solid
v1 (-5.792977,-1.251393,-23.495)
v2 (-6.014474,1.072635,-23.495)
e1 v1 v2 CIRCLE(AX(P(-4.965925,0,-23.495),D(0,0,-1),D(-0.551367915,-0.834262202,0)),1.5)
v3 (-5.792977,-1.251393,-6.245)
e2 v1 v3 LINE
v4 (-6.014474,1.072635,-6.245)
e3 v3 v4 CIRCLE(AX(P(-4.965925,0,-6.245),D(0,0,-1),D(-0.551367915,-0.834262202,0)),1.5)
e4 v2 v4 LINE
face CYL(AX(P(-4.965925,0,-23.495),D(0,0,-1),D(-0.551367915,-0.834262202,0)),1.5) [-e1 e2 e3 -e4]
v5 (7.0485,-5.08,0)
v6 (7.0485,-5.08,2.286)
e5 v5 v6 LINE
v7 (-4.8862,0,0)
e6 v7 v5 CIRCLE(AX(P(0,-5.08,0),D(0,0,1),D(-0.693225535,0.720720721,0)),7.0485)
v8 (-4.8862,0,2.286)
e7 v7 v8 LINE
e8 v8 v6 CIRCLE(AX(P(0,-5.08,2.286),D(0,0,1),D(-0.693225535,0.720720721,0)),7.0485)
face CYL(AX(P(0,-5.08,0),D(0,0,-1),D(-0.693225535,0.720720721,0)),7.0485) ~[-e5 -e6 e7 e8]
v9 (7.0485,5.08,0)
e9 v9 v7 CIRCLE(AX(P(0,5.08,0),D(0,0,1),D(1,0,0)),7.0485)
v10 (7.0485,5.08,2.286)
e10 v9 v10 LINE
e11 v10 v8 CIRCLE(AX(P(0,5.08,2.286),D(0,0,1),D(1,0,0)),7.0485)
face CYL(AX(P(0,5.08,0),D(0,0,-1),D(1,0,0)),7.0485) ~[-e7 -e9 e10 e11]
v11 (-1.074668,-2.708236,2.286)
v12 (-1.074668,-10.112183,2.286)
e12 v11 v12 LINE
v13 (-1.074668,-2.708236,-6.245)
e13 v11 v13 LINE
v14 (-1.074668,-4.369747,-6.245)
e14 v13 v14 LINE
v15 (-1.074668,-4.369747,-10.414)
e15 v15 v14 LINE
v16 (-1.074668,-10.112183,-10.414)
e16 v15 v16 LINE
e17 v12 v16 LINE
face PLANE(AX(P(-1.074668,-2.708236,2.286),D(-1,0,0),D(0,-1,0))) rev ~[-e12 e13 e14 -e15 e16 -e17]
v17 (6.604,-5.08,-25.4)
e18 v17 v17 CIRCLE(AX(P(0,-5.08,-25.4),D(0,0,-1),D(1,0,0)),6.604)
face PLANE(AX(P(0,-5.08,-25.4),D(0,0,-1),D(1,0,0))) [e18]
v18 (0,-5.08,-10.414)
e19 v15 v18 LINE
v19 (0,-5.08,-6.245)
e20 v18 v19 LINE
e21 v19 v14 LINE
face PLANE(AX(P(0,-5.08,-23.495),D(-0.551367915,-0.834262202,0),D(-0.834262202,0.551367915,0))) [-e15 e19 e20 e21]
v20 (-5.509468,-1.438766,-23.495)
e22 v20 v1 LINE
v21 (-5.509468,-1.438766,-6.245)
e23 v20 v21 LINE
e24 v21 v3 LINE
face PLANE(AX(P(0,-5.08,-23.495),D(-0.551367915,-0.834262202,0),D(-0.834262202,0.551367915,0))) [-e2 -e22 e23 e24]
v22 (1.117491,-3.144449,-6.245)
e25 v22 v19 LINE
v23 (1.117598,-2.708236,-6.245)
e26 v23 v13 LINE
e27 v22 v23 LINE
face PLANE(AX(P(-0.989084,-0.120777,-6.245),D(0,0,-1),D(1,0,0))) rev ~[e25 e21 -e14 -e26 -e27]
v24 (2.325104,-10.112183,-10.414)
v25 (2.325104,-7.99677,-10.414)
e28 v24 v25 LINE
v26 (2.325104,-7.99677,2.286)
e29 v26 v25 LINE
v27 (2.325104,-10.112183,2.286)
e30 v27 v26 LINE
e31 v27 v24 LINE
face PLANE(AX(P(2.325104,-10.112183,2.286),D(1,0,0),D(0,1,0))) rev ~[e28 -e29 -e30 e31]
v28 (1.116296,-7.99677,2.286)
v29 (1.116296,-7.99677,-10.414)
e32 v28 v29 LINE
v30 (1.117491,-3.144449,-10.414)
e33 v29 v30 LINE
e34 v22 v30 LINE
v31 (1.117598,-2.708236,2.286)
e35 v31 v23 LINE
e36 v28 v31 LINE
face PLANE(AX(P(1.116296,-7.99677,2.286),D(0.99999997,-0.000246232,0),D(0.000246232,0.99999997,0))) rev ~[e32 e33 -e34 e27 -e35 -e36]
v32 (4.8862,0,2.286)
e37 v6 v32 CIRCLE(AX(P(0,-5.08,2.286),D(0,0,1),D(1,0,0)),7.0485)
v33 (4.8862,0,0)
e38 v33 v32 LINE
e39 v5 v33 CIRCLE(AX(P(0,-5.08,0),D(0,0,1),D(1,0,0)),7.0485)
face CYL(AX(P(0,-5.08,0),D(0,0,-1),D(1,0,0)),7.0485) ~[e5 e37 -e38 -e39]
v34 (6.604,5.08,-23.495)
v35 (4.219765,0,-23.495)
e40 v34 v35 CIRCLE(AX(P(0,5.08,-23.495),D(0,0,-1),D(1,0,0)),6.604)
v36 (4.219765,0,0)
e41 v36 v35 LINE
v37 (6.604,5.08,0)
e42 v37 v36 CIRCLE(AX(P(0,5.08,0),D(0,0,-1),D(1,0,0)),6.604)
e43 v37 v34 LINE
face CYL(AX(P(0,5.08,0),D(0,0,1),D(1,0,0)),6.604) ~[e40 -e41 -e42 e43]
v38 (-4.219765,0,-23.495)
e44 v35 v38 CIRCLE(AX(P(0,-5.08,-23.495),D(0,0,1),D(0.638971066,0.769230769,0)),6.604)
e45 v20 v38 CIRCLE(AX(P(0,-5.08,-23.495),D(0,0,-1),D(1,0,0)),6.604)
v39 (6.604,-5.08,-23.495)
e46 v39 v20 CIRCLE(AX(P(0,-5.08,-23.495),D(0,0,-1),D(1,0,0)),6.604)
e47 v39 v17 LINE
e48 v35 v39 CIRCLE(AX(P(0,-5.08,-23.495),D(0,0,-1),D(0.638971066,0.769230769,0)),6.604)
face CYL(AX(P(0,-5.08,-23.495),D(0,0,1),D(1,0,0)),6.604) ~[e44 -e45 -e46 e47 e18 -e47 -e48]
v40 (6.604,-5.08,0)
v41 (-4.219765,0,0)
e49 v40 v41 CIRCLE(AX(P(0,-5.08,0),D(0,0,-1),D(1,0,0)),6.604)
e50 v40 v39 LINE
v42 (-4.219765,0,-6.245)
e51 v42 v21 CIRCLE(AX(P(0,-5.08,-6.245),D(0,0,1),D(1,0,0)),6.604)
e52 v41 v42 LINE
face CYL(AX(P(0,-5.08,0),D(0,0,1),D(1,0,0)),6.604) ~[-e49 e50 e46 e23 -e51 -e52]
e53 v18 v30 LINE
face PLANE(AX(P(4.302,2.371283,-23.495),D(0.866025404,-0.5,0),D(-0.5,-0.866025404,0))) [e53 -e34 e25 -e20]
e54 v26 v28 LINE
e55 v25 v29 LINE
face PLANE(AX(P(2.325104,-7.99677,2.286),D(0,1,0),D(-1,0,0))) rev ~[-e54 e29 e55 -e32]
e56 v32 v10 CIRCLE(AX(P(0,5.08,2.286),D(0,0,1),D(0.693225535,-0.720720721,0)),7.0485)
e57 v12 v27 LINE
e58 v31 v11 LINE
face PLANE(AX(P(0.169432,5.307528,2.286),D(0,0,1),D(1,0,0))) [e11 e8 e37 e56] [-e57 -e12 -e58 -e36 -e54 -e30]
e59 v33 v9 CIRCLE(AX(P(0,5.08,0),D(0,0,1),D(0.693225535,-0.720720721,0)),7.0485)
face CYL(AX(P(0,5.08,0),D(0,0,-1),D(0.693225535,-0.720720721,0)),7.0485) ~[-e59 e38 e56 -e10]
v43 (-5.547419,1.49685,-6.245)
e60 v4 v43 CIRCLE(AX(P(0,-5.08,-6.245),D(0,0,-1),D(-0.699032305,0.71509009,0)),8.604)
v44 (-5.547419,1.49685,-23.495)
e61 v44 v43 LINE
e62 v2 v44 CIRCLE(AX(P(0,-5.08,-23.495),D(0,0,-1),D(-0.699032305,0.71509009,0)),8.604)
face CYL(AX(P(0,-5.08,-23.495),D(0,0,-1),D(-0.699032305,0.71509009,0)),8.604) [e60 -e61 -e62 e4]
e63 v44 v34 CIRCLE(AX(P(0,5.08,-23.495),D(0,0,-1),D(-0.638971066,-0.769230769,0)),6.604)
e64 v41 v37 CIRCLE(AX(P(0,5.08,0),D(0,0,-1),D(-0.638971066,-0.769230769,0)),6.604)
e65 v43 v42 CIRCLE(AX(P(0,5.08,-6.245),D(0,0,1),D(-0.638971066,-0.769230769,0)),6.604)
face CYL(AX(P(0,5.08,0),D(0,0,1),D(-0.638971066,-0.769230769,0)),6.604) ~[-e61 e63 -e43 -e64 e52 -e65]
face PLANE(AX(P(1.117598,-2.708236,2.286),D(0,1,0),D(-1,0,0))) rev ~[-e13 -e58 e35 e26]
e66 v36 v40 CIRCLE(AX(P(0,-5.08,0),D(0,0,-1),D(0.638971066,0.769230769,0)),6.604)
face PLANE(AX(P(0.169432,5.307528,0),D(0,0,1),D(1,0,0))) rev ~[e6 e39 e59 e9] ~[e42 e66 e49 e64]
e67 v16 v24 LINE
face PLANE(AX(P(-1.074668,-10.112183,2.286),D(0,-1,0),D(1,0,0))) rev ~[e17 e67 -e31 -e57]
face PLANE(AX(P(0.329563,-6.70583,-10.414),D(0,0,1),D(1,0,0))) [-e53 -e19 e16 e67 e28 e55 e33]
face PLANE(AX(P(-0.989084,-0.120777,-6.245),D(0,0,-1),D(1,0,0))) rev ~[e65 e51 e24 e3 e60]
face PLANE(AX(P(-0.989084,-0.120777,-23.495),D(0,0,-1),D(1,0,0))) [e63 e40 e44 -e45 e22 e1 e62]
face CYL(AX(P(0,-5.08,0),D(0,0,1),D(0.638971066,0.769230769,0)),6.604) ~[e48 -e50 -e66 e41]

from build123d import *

# Parameters (mm, degrees)
F1_DEPTH = 2.286
F3_DEPTH = 23.495
F5_DEPTH = 12.7
F6_R     = 6.604
F7_DEPTH = 1.905
F9_DEPTH = 17.25


with BuildPart() as f1:
    # F0 (on Top) → F1 (new body)
    with BuildSketch(Plane.XY):
        with BuildLine():
            ThreePointArc((4.8862001852, 0), (6.4854349991, 2.3194773824), (7.0485, 5.08))
            ThreePointArc((7.0485, 5.08), (-2.7605226176, 11.5654349991), (-4.8862001852, 0))
            ThreePointArc((-4.8862001852, 0), (0, 1.9685), (4.8862001852, 0))
        make_face()
        with BuildLine():
            ThreePointArc((4.8862001852, 0), (0, 1.9685), (-4.8862001852, 0))
            ThreePointArc((-4.8862001852, 0), (0, -1.9685), (4.8862001852, 0))
        make_face()
        with BuildLine():
            ThreePointArc((4.8862001852, 0), (0, -1.9685), (-4.8862001852, 0))
            ThreePointArc((-4.8862001852, 0), (-2.7605226176, -11.5654349991), (7.0485, -5.08))
            ThreePointArc((7.0485, -5.08), (6.4854349991, -2.3194773824), (4.8862001852, 0))
        make_face()
    extrude(amount=F1_DEPTH)

    # F2 (on face) → F3 (join)
    with BuildSketch(Plane(origin=(0, 0, 0), x_dir=(1, 0, 0), z_dir=(0, 0, -1))):
        with BuildLine():
            ThreePointArc((4.2197649224, 0), (5.9783000739, 2.2741589093), (6.604, 5.08))
            ThreePointArc((6.604, 5.08), (-2.8058410907, 11.0583000739), (-4.2197649224, 0))
            ThreePointArc((-4.2197649224, 0), (0, 1.524), (4.2197649224, 0))
        make_face()
        with BuildLine():
            ThreePointArc((4.2197649224, 0), (0, 1.524), (-4.2197649224, 0))
            ThreePointArc((-4.2197649224, 0), (0, -1.524), (4.2197649224, 0))
        make_face()
        with BuildLine():
            ThreePointArc((4.2197649224, 0), (0, -1.524), (-4.2197649224, 0))
            ThreePointArc((-4.2197649224, 0), (-2.8058410907, -11.0583000739), (6.604, -5.08))
            ThreePointArc((6.604, -5.08), (5.9783000739, -2.2741589093), (4.2197649224, 0))
        make_face()
    extrude(amount=F3_DEPTH)

    # F4 (on face) → F5 (cut)
    with BuildSketch(Plane.XY.offset(2.286)):
        Polygon((1.1175982522, -2.7082355227), (-1.0746682528, -2.7082355227), (-1.0746682528, -10.1121831685), (2.3251036182, -10.1121831685), (2.3251036182, -7.996769622), (1.1162960436, -7.996769622), align=None)
    extrude(amount=-F5_DEPTH, mode=Mode.SUBTRACT)

    # F6 (on face) → F7 (join)
    with BuildSketch(Plane(origin=(0, 0, -23.495), x_dir=(1, 0, 0), z_dir=(0, 0, -1))):
        with Locations((0, 5.08)):
            Circle(F6_R)
    extrude(amount=F7_DEPTH)

    # F8 (on face) → F9 (join)
    with BuildSketch(Plane(origin=(0, 0, -23.495), x_dir=(1, 0, 0), z_dir=(0, 0, -1))):
        with BuildLine():
            ThreePointArc((-5.7929773658, 1.2513933032), (-6.4591589625, 0.142315863), (-6.0144739499, -1.0726351351))
            ThreePointArc((-6.0144739499, -1.0726351351), (-1.0745990182, -3.4566300699), (4.302, -2.3712825742))
            Line((4.302, -2.3712825742), (0, 5.08))
            Line((0, 5.08), (-5.7929773658, 1.2513933032))
        make_face()
    extrude(amount=-F9_DEPTH)


solid = f1.part
